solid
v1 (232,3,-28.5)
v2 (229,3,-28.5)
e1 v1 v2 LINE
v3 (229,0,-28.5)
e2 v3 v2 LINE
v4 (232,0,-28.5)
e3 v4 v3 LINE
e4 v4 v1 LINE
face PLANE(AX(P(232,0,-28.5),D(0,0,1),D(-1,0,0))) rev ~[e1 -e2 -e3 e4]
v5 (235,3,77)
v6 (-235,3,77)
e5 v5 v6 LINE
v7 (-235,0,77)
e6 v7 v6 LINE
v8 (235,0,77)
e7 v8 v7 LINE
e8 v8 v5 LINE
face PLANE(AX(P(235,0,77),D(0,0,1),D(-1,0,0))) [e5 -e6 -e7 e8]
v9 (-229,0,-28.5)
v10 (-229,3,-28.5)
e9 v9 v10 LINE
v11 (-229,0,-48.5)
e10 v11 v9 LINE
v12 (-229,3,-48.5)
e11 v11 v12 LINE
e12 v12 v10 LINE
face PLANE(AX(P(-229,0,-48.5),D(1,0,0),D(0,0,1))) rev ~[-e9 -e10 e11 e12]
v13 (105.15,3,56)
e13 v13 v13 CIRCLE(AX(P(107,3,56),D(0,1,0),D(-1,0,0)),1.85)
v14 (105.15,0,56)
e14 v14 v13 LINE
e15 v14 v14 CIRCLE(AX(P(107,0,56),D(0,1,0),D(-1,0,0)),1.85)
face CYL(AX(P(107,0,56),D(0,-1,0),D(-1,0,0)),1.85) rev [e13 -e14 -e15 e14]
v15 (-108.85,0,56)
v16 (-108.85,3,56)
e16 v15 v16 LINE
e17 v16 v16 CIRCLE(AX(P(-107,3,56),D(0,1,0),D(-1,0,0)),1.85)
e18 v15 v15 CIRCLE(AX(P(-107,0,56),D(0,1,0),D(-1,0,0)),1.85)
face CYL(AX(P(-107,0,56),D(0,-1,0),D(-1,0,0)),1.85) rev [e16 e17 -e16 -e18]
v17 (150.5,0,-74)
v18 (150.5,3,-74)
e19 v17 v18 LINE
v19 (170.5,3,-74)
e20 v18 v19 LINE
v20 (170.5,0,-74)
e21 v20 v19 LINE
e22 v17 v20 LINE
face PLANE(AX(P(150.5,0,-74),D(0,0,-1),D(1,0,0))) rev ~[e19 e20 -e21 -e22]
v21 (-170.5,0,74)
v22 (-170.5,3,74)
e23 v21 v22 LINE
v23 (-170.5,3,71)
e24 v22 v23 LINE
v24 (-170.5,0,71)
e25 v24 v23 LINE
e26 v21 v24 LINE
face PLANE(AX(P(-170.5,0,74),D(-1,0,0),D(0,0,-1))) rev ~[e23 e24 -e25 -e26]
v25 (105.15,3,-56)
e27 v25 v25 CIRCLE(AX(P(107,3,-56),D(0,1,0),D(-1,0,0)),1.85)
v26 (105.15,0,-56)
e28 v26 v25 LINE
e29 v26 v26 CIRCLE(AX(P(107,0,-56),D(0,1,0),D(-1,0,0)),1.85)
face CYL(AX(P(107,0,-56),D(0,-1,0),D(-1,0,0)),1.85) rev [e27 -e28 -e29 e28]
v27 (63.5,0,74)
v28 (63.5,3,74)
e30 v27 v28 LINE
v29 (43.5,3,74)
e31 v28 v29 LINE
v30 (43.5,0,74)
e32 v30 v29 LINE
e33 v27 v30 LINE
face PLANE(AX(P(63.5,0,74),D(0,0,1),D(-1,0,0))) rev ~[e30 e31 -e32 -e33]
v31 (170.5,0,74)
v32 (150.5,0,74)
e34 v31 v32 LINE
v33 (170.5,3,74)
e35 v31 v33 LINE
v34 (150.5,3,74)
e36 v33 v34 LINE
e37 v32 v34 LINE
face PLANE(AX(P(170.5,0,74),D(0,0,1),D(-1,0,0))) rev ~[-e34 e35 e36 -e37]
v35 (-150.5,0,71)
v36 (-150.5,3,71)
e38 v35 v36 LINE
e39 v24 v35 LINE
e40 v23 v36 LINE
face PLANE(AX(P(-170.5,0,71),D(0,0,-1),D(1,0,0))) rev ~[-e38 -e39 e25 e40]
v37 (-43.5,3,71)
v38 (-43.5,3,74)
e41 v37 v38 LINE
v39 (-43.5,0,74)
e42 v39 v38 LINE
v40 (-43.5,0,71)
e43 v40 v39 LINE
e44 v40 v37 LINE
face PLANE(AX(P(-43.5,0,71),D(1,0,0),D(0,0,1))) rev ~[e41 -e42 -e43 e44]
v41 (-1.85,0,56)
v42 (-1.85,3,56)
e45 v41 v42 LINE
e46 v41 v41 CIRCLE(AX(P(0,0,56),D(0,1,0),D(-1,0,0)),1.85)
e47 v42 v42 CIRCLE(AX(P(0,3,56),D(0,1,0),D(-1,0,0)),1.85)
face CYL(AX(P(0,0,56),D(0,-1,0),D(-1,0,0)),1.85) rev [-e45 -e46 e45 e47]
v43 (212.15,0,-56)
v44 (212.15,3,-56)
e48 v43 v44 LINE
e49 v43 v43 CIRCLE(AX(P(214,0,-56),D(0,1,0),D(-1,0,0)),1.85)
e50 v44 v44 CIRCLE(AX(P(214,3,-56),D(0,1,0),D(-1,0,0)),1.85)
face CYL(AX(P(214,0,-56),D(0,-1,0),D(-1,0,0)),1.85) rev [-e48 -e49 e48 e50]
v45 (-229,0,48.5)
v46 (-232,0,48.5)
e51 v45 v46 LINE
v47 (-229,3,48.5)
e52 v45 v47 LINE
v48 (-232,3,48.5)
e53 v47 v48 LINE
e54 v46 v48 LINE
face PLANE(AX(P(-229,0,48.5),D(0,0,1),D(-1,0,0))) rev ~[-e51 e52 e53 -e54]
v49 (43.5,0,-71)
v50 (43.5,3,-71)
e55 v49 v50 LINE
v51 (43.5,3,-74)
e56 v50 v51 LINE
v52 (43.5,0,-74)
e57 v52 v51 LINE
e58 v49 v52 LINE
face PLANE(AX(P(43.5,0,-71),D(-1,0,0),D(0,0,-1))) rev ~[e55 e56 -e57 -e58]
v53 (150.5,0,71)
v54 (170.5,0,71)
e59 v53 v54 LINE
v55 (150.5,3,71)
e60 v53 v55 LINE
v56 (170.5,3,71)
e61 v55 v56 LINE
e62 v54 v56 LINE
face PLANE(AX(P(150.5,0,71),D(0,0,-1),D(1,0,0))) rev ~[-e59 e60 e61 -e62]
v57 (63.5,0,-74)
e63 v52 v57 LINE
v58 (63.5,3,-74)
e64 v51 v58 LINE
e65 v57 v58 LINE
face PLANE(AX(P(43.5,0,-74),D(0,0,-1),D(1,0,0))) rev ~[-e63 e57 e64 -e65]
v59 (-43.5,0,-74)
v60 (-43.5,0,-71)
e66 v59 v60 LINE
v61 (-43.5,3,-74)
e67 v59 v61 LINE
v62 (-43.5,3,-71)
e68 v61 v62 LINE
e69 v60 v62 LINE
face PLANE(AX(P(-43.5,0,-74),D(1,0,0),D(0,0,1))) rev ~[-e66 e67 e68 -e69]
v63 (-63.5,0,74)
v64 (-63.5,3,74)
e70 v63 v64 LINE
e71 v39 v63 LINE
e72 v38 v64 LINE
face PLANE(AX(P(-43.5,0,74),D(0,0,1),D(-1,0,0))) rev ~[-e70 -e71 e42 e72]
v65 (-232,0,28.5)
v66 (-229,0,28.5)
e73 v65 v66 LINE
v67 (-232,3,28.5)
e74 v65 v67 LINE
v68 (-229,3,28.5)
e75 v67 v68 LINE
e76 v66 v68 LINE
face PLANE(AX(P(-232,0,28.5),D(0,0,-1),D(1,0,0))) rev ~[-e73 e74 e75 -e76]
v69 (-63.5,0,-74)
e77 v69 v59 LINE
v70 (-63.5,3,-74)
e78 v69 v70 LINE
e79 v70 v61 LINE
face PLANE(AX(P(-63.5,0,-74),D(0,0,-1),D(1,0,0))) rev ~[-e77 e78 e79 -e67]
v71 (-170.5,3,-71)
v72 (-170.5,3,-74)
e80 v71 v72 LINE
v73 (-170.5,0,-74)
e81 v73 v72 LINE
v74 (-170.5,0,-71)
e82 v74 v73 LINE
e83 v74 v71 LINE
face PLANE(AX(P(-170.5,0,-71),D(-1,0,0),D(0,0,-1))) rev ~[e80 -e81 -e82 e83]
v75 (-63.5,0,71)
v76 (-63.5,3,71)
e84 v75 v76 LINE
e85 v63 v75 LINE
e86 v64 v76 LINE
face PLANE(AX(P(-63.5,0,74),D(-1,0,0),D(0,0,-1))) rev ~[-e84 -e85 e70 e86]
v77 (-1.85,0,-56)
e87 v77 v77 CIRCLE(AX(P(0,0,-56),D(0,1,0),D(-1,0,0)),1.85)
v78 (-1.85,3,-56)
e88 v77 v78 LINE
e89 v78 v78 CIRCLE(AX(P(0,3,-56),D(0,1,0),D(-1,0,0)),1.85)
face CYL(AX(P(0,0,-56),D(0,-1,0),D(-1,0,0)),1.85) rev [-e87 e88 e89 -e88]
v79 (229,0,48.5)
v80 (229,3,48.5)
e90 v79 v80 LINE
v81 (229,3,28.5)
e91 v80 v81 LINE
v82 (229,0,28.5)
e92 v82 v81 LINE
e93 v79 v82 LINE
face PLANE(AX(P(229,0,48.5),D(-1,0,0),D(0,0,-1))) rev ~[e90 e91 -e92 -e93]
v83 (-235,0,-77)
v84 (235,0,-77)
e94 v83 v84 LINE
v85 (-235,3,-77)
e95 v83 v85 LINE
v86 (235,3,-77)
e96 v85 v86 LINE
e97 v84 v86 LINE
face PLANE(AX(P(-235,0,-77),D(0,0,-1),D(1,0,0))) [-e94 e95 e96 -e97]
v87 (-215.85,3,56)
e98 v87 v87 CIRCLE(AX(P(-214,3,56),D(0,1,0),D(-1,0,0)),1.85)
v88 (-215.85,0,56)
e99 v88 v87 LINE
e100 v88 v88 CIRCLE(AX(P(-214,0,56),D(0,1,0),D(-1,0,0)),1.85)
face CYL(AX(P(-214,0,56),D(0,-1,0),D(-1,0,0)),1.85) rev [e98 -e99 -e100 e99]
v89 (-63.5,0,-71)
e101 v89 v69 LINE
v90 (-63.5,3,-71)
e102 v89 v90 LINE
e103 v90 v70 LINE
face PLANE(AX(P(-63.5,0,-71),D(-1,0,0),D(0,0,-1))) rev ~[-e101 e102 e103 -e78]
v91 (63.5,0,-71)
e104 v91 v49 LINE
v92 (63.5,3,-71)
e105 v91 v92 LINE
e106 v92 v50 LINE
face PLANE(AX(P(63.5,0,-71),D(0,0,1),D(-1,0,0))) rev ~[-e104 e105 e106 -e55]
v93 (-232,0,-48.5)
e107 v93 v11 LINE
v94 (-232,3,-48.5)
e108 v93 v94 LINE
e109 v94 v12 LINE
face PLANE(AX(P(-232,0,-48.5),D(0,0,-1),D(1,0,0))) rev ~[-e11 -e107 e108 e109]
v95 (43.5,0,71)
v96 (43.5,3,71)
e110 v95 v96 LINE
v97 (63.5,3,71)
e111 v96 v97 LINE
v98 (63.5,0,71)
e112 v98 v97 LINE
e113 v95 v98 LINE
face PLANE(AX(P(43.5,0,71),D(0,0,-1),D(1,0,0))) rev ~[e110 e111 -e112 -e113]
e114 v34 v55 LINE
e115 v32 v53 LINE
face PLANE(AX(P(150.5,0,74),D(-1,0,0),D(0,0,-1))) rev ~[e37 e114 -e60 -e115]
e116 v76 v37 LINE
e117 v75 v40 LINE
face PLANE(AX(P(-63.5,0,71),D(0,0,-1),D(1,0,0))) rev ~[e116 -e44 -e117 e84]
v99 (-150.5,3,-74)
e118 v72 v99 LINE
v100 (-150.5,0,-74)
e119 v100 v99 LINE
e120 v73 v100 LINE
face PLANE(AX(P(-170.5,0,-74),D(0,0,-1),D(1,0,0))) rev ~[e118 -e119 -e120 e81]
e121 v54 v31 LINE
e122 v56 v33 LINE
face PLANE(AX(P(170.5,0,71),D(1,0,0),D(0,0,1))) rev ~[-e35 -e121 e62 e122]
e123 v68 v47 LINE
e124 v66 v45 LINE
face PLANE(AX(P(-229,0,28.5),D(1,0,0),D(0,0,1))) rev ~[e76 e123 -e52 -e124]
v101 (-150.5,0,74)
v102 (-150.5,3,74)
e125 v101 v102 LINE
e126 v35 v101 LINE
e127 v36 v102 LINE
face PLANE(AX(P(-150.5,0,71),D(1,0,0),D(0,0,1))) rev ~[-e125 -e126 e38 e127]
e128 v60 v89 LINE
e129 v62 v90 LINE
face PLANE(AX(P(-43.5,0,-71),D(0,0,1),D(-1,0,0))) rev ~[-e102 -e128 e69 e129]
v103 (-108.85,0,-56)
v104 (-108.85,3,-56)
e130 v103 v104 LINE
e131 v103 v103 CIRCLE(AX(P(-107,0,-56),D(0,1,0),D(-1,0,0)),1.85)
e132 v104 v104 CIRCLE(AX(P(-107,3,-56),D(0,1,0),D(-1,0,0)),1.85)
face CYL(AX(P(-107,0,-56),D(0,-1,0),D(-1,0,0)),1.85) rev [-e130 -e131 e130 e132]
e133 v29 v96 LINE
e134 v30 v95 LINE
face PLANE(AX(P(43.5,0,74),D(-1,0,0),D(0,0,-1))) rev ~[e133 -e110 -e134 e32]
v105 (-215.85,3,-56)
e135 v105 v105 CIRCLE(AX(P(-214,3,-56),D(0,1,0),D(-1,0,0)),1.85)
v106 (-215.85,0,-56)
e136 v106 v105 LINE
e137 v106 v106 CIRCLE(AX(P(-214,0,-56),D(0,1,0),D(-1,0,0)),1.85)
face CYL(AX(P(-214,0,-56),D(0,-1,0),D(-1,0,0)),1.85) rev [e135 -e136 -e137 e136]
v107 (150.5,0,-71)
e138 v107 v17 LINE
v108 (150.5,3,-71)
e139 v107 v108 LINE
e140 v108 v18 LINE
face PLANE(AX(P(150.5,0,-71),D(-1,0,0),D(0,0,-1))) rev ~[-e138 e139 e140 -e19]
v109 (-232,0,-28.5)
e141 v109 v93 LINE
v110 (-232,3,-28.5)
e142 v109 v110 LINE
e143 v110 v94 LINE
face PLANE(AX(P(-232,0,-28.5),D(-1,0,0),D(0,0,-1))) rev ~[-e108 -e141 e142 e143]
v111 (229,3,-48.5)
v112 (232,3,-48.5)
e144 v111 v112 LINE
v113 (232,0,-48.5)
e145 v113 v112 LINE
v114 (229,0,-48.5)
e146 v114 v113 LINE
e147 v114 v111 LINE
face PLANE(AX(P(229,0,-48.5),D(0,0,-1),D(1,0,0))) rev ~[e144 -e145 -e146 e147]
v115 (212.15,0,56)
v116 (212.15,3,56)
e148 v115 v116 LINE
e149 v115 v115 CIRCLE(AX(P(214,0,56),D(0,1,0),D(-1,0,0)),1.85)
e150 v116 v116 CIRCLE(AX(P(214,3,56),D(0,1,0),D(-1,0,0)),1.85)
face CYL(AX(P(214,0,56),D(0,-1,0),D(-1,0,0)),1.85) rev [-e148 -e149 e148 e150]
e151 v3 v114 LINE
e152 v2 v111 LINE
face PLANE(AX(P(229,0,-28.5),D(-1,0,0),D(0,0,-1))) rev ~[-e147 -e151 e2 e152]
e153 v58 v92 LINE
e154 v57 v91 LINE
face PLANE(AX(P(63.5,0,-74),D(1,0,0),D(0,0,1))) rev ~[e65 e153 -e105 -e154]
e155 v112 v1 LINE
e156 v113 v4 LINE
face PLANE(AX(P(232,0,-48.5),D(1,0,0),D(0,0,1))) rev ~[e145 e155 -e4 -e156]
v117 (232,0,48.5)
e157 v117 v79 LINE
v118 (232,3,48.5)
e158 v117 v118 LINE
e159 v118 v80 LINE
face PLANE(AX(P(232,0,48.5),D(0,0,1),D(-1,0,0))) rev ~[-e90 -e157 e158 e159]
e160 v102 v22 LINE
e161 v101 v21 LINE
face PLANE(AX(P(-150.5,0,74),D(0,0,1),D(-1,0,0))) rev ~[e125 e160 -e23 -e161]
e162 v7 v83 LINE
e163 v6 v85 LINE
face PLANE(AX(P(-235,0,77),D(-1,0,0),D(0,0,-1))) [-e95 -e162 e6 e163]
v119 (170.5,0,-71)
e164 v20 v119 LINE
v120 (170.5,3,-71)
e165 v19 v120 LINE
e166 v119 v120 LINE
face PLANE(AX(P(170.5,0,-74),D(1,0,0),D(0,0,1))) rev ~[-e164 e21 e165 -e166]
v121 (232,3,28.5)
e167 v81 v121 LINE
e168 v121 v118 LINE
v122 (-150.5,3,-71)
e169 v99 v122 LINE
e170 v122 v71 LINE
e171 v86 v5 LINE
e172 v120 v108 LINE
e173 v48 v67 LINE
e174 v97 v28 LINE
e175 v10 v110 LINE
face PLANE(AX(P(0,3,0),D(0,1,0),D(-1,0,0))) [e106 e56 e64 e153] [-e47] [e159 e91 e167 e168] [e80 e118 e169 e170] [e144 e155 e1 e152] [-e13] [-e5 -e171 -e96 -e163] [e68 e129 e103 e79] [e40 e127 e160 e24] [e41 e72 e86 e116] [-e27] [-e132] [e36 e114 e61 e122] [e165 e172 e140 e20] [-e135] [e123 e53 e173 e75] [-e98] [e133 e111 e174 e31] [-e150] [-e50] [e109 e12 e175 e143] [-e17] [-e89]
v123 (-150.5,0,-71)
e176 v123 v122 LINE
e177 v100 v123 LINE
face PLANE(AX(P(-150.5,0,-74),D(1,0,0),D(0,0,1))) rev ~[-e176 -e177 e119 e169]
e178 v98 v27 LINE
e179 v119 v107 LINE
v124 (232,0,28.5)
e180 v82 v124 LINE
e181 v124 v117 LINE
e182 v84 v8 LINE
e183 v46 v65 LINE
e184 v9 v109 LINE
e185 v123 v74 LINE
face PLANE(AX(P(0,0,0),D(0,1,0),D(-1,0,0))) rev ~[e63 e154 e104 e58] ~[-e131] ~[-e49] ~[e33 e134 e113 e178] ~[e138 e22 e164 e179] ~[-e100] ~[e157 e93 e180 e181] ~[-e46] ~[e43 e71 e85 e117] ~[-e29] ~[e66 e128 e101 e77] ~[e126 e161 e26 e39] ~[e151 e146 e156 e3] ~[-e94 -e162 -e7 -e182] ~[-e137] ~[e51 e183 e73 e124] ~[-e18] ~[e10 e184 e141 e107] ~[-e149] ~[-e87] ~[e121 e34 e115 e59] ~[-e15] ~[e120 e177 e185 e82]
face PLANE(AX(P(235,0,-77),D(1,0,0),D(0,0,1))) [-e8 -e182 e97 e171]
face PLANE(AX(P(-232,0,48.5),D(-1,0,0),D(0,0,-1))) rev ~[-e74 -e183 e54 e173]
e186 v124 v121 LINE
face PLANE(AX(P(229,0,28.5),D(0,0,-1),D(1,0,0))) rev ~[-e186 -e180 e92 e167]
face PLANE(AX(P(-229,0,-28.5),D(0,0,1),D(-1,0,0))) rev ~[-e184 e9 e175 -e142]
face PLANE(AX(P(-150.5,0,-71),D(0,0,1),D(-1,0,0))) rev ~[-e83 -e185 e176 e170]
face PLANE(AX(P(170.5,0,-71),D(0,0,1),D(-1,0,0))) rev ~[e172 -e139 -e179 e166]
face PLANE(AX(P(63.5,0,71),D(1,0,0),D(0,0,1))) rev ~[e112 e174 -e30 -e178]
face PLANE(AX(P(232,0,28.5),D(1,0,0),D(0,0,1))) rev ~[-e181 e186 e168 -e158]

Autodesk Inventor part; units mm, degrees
ref_plane "YZ Plane" through (0, 0, 0) normal (1, 0, 0) x (0, 1, 0)
ref_plane "XZ Plane" through (0, 0, 0) normal (0, 1, 0) x (-1, 0, 0)
ref_plane "XY Plane" through (0, 0, 0) normal (0, 0, 1) x (1, 0, 0)
sketch "Sketch1" plane through (0, 0, 0) normal (0, 1, 0) x (-1, 0, 0)
  line L0 (254, -152.4) -> (-254, -152.4) construction
  line L1 (-254, -152.4) -> (-254, 152.4) construction
  line L2 (-254, 152.4) -> (254, 152.4) construction
  line L3 (254, 152.4) -> (254, -152.4) construction
  line L4 (250, -150) -> (-250, -150) construction
  line L5 (-250, -150) -> (-250, 150) construction
  line L6 (-250, 150) -> (250, 150) construction
  line L7 (250, 150) -> (250, -150) construction
  line L8 (35, -51) -> (-35, -51) construction
  line L9 (-35, -51) -> (-35, 51) construction
  line L10 (-35, 51) -> (35, 51) construction
  line L11 (35, 51) -> (35, -51) construction
  line L12 (-52, -51) -> (-122, -51) construction
  line L13 (-52, 51) -> (-52, -51) construction
  line L14 (-122, 51) -> (-52, 51) construction
  line L15 (-122, -51) -> (-122, 51) construction
  line L16 (-139, -51) -> (-209, -51) construction
  line L17 (-139, 51) -> (-139, -51) construction
  line L18 (-209, 51) -> (-139, 51) construction
  line L19 (-209, -51) -> (-209, 51) construction
  line L20 (122, -51) -> (52, -51) construction
  line L21 (122, 51) -> (122, -51) construction
  line L22 (52, 51) -> (122, 51) construction
  line L23 (52, -51) -> (52, 51) construction
  line L24 (35, -51) -> (-35, -51) construction
  line L25 (35, 51) -> (35, -51) construction
  line L26 (-35, 51) -> (35, 51) construction
  line L27 (-35, -51) -> (-35, 51) construction
  line L28 (-52, -51) -> (-122, -51) construction
  line L29 (-52, 51) -> (-52, -51) construction
  line L30 (-122, 51) -> (-52, 51) construction
  line L31 (-122, -51) -> (-122, 51) construction
  line L32 (209, -51) -> (139, -51) construction
  line L33 (209, 51) -> (209, -51) construction
  line L34 (139, 51) -> (209, 51) construction
  line L35 (139, -51) -> (139, 51) construction
  line L36 (122, -51) -> (52, -51) construction
  line L37 (122, 51) -> (122, -51) construction
  line L38 (52, 51) -> (122, 51) construction
  line L39 (52, -51) -> (52, 51) construction
  line L40 (35, -51) -> (-35, -51) construction
  line L41 (35, 51) -> (35, -51) construction
  line L42 (-35, 51) -> (35, 51) construction
  line L43 (-35, -51) -> (-35, 51) construction
  line L44 (188.5027, 1.1241) -> (237.2968, 1.1241) construction
  line L45 (194, 27.9543) -> (222.5108, 27.9543) construction
  line L46 (235, -77) -> (-235, -77)
  line L47 (-235, -77) -> (-235, 77)
  line L48 (-235, 77) -> (235, 77)
  line L49 (235, 77) -> (235, -77)
  circle A0 centre (0, -56) radius 1.85
  circle A1 centre (107, -56) radius 1.85
  circle A2 centre (-107, -56) radius 1.85
  circle A3 centre (107, 56) radius 1.85
  circle A4 centre (-107, 56) radius 1.85
  circle A5 centre (0, 56) radius 1.85
  circle A6 centre (214, -56) radius 1.85
  circle A7 centre (214, 56) radius 1.85
  circle A8 centre (-214, 56) radius 1.85
  circle A9 centre (-214, -56) radius 1.85
  line L50 (170.5, -74) -> (150.5, -74)
  line L51 (150.5, -74) -> (150.5, -71)
  line L52 (150.5, -71) -> (170.5, -71)
  line L53 (170.5, -71) -> (170.5, -74)
  line L54 (160.5, -74) -> (160.5, -71) construction
  line L55 (170.5, 71) -> (150.5, 71)
  line L56 (150.5, 71) -> (150.5, 74)
  line L57 (150.5, 74) -> (170.5, 74)
  line L58 (170.5, 74) -> (170.5, 71)
  line L59 (160.5, 71) -> (160.5, 74) construction
  line L60 (43.5, -71) -> (63.5, -71)
  line L61 (43.5, -74) -> (43.5, -71)
  line L62 (63.5, -74) -> (43.5, -74)
  line L63 (53.5, -74) -> (53.5, -71) construction
  line L64 (63.5, -71) -> (63.5, -74)
  line L65 (63.5, 71) -> (43.5, 71)
  line L66 (43.5, 71) -> (43.5, 74)
  line L67 (43.5, 74) -> (63.5, 74)
  line L68 (53.5, 71) -> (53.5, 74) construction
  line L69 (63.5, 74) -> (63.5, 71)
  line L70 (-63.5, -71) -> (-43.5, -71)
  line L71 (-63.5, -74) -> (-63.5, -71)
  line L72 (-43.5, -74) -> (-63.5, -74)
  line L73 (-53.5, -74) -> (-53.5, -71) construction
  line L74 (-43.5, -71) -> (-43.5, -74)
  line L75 (-43.5, 71) -> (-63.5, 71)
  line L76 (-63.5, 71) -> (-63.5, 74)
  line L77 (-63.5, 74) -> (-43.5, 74)
  line L78 (-53.5, 71) -> (-53.5, 74) construction
  line L79 (-43.5, 74) -> (-43.5, 71)
  line L80 (-170.5, -71) -> (-150.5, -71)
  line L81 (-170.5, -74) -> (-170.5, -71)
  line L82 (-150.5, -74) -> (-170.5, -74)
  line L83 (-160.5, -74) -> (-160.5, -71) construction
  line L84 (-150.5, -71) -> (-150.5, -74)
  line L85 (-150.5, 71) -> (-170.5, 71)
  line L86 (-170.5, 71) -> (-170.5, 74)
  line L87 (-170.5, 74) -> (-150.5, 74)
  line L88 (-160.5, 71) -> (-160.5, 74) construction
  line L89 (-150.5, 74) -> (-150.5, 71)
  line L90 (232, -48.5) -> (229, -48.5)
  line L91 (229, -48.5) -> (229, -28.5)
  line L92 (229, -28.5) -> (232, -28.5)
  line L93 (232, -28.5) -> (232, -48.5)
  line L94 (232, -38.5) -> (229, -38.5) construction
  line L95 (232, 28.5) -> (229, 28.5)
  line L96 (229, 28.5) -> (229, 48.5)
  line L97 (229, 48.5) -> (232, 48.5)
  line L98 (232, 48.5) -> (232, 28.5)
  line L99 (232, 38.5) -> (229, 38.5) construction
  line L100 (-229, -48.5) -> (-232, -48.5)
  line L101 (-232, -48.5) -> (-232, -28.5)
  line L102 (-232, -28.5) -> (-229, -28.5)
  line L103 (-229, -28.5) -> (-229, -48.5)
  line L104 (-229, 28.5) -> (-232, 28.5)
  line L105 (-232, 28.5) -> (-232, 48.5)
  line L106 (-232, 48.5) -> (-229, 48.5)
  line L107 (-229, 48.5) -> (-229, 28.5)
  line L108 (-229, -38.5) -> (-232, -38.5) construction
  line L109 (-229, 38.5) -> (-232, 38.5) construction
  point P0 (0, 0)
  point P1 (254, 0)
  point P2 (0, -152.4)
  point P3 (0, -150)
  point P4 (-250, 0)
  point P5 (0, -80)
  point P6 (0, -51)
  point P7 (-35, 0)
  point P8 (-87, -51)
  point P9 (-87, 0)
  point P10 (-122, 0)
  point P11 (-174, -51)
  point P12 (-174, 0)
  point P13 (-209, 0)
  point P14 (87, -51)
  point P15 (87, 0)
  point P16 (52, 0)
  point P17 (0, -51)
  point P18 (0, 0)
  point P19 (-35, 0)
  point P20 (-87, -51)
  point P21 (-87, 0)
  point P22 (-122, 0)
  point P23 (174, -51)
  point P24 (174, 0)
  point P25 (139, 0)
  point P26 (87, -51)
  point P27 (87, 0)
  point P28 (52, 0)
  point P29 (0, -51)
  point P30 (0, 0)
  point P31 (-35, 0)
  point P32 (-7, -51)
  point P33 (-21, -51)
  point P34 (7, 51)
  point P35 (21, 51)
  point P36 (-122, -21)
  point P37 (-122, -36)
  point P38 (-160, 51)
  point P39 (-188, 51)
  point P40 (105, -51)
  point P41 (69, -51)
  point P42 (-235, 0)
  point P43 (0, -77)
  point P44 (139, -27.0457)
  point P45 (139, -12.0457)
  dimension "d0" = 508
  dimension "d1" = 304.8
  dimension "d2" = 500
  dimension "d3" = 300
  dimension "d6" = 70
  dimension "d10" = 87
  dimension "d13" = 87
  dimension "d63" = 470
  dimension "d67" = 154
  dimension "d68" = 418
  dimension "d71" = 3.7
  dimension "d72" = 5
  dimension "d73" = 5
  dimension "d74" = 107
  dimension "d75" = 107
  dimension "d76" = 107
  dimension "d77" = 107
  dimension "d78" = 3
  dimension "d79" = 20
  dimension "d80" = 3
  dimension "d81" = 160.5
  dimension "d82" = 20
  dimension "d83" = 3
  dimension "d84" = 3
  dimension "d87" = 107
  dimension "d92" = 3
  dimension "d93" = 20
  dimension "d94" = 38.5
  dimension "d95" = 3
  dimension "d96" = 3
  dimension "d97" = 20
  dimension "d98" = 3
  dimension "d99" = 38.5
  dimension "d100" = 3
  dimension "d101" = 20
  dimension "d102" = 3
  dimension "d103" = 20
  dimension "d104" = 3
extrude "Extrusion2" add sketch "Sketch1" along normal blind 3
equation "\"thickness\" = 3"
equation "\"kerf\" = 0.1"
equation "\"loose\" = 1.05"
properties part number "BungaSign-Bigger-Back"
